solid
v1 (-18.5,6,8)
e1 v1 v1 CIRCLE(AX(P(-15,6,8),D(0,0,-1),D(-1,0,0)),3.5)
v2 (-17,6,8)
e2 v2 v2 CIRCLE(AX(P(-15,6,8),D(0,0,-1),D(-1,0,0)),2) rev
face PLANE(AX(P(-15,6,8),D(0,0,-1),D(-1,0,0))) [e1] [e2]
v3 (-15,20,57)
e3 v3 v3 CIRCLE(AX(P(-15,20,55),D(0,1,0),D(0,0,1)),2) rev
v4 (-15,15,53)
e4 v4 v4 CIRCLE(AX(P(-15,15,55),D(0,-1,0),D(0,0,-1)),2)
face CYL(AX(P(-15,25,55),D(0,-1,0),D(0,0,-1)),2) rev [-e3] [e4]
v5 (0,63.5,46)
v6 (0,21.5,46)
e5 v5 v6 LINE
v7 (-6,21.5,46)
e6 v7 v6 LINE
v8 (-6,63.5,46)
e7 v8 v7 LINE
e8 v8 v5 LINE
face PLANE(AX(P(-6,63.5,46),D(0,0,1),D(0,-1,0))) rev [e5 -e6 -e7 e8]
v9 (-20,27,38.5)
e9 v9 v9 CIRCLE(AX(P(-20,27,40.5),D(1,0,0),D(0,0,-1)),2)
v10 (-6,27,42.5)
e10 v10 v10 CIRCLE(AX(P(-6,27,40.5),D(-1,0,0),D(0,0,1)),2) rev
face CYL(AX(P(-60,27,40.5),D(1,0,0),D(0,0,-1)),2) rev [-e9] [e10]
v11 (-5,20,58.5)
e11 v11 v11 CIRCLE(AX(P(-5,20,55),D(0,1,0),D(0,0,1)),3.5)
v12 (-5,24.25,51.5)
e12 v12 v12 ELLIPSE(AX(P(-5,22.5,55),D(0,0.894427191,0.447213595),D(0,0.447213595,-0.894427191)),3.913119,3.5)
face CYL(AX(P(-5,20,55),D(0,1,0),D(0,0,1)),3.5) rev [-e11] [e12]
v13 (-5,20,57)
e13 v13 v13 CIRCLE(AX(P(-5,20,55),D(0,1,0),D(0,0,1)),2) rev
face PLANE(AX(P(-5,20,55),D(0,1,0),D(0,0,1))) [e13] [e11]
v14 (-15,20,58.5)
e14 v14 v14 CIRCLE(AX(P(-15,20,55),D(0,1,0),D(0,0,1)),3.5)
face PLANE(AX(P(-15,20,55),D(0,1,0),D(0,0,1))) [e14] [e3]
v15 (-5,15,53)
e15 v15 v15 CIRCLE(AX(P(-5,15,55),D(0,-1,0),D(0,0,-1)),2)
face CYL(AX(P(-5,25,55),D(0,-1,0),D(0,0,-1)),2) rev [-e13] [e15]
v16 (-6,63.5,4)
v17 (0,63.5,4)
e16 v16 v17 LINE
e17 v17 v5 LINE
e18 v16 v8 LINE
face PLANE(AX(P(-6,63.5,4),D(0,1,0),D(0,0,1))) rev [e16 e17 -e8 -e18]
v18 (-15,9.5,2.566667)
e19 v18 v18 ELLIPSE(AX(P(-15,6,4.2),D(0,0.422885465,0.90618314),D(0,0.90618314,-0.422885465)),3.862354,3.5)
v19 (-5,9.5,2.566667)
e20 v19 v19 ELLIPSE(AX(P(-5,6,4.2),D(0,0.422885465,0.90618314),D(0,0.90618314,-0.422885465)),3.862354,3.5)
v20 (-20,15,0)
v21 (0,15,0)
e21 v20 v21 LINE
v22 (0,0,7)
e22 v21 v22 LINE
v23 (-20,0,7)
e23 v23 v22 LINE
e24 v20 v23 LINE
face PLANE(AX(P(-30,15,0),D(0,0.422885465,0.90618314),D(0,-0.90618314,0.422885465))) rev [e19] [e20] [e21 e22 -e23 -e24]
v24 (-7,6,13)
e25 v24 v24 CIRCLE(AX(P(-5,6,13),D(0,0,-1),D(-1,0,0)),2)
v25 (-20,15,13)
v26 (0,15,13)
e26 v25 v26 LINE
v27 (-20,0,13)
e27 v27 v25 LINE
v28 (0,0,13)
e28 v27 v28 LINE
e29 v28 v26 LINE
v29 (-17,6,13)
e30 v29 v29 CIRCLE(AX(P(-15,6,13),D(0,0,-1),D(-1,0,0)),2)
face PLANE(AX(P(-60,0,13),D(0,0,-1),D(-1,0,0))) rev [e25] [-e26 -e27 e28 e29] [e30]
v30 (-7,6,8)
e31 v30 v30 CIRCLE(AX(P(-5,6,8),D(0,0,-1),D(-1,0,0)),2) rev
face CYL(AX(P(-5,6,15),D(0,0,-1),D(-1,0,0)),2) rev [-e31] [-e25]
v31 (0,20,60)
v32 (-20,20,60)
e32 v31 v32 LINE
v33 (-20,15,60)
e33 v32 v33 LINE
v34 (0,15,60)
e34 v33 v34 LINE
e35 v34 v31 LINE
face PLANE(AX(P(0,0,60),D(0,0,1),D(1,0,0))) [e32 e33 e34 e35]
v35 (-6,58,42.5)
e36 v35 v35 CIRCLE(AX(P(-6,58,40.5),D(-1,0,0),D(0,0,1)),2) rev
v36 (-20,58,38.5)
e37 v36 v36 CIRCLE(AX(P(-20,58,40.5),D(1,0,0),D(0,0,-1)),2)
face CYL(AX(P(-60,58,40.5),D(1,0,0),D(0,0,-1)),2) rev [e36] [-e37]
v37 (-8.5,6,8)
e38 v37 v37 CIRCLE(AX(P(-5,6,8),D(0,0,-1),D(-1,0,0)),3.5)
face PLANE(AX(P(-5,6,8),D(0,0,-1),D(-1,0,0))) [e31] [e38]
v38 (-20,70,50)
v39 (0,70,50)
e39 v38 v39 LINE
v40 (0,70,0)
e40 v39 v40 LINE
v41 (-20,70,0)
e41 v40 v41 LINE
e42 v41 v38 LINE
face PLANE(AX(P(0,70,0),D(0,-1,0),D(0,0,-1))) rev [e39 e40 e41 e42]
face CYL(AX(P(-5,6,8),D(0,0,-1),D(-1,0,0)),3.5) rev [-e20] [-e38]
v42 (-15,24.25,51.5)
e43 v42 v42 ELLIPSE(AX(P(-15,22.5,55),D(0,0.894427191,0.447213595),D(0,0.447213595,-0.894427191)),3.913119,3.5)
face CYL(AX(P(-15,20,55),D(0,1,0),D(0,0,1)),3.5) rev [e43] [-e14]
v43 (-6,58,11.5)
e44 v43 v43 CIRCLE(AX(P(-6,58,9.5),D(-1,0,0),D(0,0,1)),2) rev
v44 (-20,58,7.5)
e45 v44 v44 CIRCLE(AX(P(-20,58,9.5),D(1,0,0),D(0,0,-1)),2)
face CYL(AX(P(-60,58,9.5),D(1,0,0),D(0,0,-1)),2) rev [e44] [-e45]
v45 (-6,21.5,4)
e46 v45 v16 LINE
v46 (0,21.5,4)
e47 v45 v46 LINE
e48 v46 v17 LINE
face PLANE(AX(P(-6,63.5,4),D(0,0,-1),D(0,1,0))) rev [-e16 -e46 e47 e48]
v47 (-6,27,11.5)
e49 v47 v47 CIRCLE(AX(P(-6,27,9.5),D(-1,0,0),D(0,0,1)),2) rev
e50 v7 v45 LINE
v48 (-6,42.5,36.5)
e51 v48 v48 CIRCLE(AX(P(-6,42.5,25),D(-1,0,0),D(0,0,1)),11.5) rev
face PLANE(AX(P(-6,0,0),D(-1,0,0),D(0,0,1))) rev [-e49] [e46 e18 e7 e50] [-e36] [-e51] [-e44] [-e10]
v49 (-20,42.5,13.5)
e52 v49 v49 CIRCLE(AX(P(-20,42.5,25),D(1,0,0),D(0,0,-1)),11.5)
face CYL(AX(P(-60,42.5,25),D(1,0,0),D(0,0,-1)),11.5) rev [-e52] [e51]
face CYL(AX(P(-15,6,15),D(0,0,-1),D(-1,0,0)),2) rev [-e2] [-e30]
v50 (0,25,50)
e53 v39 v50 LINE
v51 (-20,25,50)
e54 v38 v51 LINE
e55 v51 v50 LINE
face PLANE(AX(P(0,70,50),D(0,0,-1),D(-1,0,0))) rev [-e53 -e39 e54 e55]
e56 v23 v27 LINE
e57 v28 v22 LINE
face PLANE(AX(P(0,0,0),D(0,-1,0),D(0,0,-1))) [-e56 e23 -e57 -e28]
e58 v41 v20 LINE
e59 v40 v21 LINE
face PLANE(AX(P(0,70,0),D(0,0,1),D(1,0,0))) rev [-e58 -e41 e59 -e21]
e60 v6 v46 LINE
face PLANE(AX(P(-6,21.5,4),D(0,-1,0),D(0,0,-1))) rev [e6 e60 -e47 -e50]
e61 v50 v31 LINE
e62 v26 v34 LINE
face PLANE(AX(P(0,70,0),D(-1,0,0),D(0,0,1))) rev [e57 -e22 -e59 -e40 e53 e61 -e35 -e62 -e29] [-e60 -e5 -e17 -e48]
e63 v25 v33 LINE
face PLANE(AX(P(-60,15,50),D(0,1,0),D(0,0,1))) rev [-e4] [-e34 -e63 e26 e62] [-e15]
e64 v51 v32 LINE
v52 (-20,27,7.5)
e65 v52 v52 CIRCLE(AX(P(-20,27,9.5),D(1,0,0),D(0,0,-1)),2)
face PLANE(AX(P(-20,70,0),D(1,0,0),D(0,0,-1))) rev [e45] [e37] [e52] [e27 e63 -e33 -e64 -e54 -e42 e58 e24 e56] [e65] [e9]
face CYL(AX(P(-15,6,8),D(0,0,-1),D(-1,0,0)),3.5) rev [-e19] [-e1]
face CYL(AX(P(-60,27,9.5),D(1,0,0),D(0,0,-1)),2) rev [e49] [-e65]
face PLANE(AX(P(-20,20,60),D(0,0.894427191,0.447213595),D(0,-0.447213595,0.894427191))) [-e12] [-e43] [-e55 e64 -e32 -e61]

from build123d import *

# Parameters (mm, degrees)
SKETCH1_W           = 20
SKETCH1_H           = 50
BOSS_EXTRUDE1_DEPTH = 70
SKETCH2_R           = 2
SKETCH2_R_2         = 11.5
CUT_EXTRUDE2_DEPTH  = 60
SKETCH4_W           = 37
SKETCH4_H           = 15
CUT_EXTRUDE3_DEPTH  = 60
SKETCH8_R           = 2
CUT_EXTRUDE5_DEPTH  = 15
SKETCH9_W           = 42
SKETCH9_H           = 42
CUT_EXTRUDE6_DEPTH  = 6
CUT_EXTRUDE8_DEPTH  = 30
SKETCH12_W          = 20
SKETCH12_H          = 5
BOSS_EXTRUDE2_DEPTH = 10
BOSS_EXTRUDE3_DEPTH = 20
SKETCH15_R          = 2
CUT_EXTRUDE9_DEPTH  = 10
SKETCH17_R          = 3.5
CUT_EXTRUDE11_DEPTH = 8
SKETCH18_R          = 3.5
CUT_EXTRUDE12_DEPTH = 50


with BuildPart() as part:
    # Sketch1 → Boss-Extrude1 (new body)
    with BuildSketch(Plane(origin=(0, 0, 0), x_dir=(1, 0, 0), z_dir=(0, 1, 0))):
        with Locations((-10, -25)):
            Rectangle(SKETCH1_W, SKETCH1_H)
    extrude(amount=BOSS_EXTRUDE1_DEPTH)

    # Sketch2 → Cut-Extrude2 (cut)
    with BuildSketch(Plane(origin=(0, 0, 0), x_dir=(0, 0, -1), z_dir=(1, 0, 0))):
        with Locations((-9.5, 58)):
            Circle(SKETCH2_R)
        with Locations((-25, 42.5)):
            Circle(SKETCH2_R_2)
        with Locations((-9.5, 27)):
            Circle(SKETCH2_R)
        with Locations((-40.5, 27)):
            Circle(SKETCH2_R)
        with Locations((-40.5, 58)):
            Circle(SKETCH2_R)
    extrude(amount=-CUT_EXTRUDE2_DEPTH, mode=Mode.SUBTRACT)

    # Sketch4 → Cut-Extrude3 (cut)
    with BuildSketch(Plane(origin=(0, 0, 0), x_dir=(0, 0, -1), z_dir=(1, 0, 0))):
        with Locations((-31.5, 7.5)):
            Rectangle(SKETCH4_W, SKETCH4_H)
    extrude(amount=-CUT_EXTRUDE3_DEPTH, mode=Mode.SUBTRACT)

    # Sketch8 → Cut-Extrude5 (cut)
    with BuildSketch(Plane(origin=(0, 0, 0), x_dir=(-1, 0, 0), z_dir=(0, 0, -1))):
        with Locations((15, 6)):
            Circle(SKETCH8_R)
        with Locations((5, 6)):
            Circle(SKETCH8_R)
    extrude(amount=-CUT_EXTRUDE5_DEPTH, mode=Mode.SUBTRACT)

    # Sketch9 → Cut-Extrude6 (cut)
    with BuildSketch(Plane(origin=(0, 0, 0), x_dir=(0, 0, -1), z_dir=(1, 0, 0))):
        with Locations((-25, 42.5)):
            Rectangle(SKETCH9_W, SKETCH9_H)
    extrude(amount=-CUT_EXTRUDE6_DEPTH, mode=Mode.SUBTRACT)

    # Sketch11 → Cut-Extrude8 (cut)
    with BuildSketch(Plane(origin=(0, 0, 0), x_dir=(0, 0, -1), z_dir=(1, 0, 0))):
        Polygon((-7, 0), (0, 0), (0, 15), align=None)
    extrude(amount=-CUT_EXTRUDE8_DEPTH, mode=Mode.SUBTRACT)

    # Sketch12 → Boss-Extrude2 (add)
    with BuildSketch(Plane.XY.offset(50)):
        with Locations((-10, 17.5)):
            Rectangle(SKETCH12_W, SKETCH12_H)
    extrude(amount=BOSS_EXTRUDE2_DEPTH)

    # Sketch14 → Boss-Extrude3 (add)
    with BuildSketch(Plane(origin=(0, 0, 0), x_dir=(0, 0, -1), z_dir=(1, 0, 0))):
        Polygon((-50, 20), (-60, 20), (-50, 25), align=None)
    extrude(amount=-BOSS_EXTRUDE3_DEPTH)

    # Sketch15 → Cut-Extrude9 (cut)
    with BuildSketch(Plane(origin=(0, 15, 0), x_dir=(-1, 0, 0), z_dir=(0, -1, 0))):
        with Locations(Location((5, -55, 0), (0, 0, 90))):
            Circle(SKETCH15_R)
        with Locations(Location((15, -55, 0), (0, 0, 90))):
            Circle(SKETCH15_R)
    extrude(amount=-CUT_EXTRUDE9_DEPTH, mode=Mode.SUBTRACT)

    # Sketch17 → Cut-Extrude11 (cut)
    with BuildSketch(Plane(origin=(0, 0, 0), x_dir=(-1, 0, 0), z_dir=(0, 0, -1))):
        with Locations((15, 6)):
            Circle(SKETCH17_R)
        with Locations((5, 6)):
            Circle(SKETCH17_R)
    extrude(amount=-CUT_EXTRUDE11_DEPTH, mode=Mode.SUBTRACT)

    # Sketch18 → Cut-Extrude12 (cut)
    with BuildSketch(Plane(origin=(0, 70, 0), x_dir=(1, 0, 0), z_dir=(0, 1, 0))):
        with Locations(Location((-15, -55, 0), (0, 0, 270))):
            Circle(SKETCH18_R)
        with Locations(Location((-5, -55, 0), (0, 0, 270))):
            Circle(SKETCH18_R)
    extrude(amount=-CUT_EXTRUDE12_DEPTH, mode=Mode.SUBTRACT)


solid = part.part
